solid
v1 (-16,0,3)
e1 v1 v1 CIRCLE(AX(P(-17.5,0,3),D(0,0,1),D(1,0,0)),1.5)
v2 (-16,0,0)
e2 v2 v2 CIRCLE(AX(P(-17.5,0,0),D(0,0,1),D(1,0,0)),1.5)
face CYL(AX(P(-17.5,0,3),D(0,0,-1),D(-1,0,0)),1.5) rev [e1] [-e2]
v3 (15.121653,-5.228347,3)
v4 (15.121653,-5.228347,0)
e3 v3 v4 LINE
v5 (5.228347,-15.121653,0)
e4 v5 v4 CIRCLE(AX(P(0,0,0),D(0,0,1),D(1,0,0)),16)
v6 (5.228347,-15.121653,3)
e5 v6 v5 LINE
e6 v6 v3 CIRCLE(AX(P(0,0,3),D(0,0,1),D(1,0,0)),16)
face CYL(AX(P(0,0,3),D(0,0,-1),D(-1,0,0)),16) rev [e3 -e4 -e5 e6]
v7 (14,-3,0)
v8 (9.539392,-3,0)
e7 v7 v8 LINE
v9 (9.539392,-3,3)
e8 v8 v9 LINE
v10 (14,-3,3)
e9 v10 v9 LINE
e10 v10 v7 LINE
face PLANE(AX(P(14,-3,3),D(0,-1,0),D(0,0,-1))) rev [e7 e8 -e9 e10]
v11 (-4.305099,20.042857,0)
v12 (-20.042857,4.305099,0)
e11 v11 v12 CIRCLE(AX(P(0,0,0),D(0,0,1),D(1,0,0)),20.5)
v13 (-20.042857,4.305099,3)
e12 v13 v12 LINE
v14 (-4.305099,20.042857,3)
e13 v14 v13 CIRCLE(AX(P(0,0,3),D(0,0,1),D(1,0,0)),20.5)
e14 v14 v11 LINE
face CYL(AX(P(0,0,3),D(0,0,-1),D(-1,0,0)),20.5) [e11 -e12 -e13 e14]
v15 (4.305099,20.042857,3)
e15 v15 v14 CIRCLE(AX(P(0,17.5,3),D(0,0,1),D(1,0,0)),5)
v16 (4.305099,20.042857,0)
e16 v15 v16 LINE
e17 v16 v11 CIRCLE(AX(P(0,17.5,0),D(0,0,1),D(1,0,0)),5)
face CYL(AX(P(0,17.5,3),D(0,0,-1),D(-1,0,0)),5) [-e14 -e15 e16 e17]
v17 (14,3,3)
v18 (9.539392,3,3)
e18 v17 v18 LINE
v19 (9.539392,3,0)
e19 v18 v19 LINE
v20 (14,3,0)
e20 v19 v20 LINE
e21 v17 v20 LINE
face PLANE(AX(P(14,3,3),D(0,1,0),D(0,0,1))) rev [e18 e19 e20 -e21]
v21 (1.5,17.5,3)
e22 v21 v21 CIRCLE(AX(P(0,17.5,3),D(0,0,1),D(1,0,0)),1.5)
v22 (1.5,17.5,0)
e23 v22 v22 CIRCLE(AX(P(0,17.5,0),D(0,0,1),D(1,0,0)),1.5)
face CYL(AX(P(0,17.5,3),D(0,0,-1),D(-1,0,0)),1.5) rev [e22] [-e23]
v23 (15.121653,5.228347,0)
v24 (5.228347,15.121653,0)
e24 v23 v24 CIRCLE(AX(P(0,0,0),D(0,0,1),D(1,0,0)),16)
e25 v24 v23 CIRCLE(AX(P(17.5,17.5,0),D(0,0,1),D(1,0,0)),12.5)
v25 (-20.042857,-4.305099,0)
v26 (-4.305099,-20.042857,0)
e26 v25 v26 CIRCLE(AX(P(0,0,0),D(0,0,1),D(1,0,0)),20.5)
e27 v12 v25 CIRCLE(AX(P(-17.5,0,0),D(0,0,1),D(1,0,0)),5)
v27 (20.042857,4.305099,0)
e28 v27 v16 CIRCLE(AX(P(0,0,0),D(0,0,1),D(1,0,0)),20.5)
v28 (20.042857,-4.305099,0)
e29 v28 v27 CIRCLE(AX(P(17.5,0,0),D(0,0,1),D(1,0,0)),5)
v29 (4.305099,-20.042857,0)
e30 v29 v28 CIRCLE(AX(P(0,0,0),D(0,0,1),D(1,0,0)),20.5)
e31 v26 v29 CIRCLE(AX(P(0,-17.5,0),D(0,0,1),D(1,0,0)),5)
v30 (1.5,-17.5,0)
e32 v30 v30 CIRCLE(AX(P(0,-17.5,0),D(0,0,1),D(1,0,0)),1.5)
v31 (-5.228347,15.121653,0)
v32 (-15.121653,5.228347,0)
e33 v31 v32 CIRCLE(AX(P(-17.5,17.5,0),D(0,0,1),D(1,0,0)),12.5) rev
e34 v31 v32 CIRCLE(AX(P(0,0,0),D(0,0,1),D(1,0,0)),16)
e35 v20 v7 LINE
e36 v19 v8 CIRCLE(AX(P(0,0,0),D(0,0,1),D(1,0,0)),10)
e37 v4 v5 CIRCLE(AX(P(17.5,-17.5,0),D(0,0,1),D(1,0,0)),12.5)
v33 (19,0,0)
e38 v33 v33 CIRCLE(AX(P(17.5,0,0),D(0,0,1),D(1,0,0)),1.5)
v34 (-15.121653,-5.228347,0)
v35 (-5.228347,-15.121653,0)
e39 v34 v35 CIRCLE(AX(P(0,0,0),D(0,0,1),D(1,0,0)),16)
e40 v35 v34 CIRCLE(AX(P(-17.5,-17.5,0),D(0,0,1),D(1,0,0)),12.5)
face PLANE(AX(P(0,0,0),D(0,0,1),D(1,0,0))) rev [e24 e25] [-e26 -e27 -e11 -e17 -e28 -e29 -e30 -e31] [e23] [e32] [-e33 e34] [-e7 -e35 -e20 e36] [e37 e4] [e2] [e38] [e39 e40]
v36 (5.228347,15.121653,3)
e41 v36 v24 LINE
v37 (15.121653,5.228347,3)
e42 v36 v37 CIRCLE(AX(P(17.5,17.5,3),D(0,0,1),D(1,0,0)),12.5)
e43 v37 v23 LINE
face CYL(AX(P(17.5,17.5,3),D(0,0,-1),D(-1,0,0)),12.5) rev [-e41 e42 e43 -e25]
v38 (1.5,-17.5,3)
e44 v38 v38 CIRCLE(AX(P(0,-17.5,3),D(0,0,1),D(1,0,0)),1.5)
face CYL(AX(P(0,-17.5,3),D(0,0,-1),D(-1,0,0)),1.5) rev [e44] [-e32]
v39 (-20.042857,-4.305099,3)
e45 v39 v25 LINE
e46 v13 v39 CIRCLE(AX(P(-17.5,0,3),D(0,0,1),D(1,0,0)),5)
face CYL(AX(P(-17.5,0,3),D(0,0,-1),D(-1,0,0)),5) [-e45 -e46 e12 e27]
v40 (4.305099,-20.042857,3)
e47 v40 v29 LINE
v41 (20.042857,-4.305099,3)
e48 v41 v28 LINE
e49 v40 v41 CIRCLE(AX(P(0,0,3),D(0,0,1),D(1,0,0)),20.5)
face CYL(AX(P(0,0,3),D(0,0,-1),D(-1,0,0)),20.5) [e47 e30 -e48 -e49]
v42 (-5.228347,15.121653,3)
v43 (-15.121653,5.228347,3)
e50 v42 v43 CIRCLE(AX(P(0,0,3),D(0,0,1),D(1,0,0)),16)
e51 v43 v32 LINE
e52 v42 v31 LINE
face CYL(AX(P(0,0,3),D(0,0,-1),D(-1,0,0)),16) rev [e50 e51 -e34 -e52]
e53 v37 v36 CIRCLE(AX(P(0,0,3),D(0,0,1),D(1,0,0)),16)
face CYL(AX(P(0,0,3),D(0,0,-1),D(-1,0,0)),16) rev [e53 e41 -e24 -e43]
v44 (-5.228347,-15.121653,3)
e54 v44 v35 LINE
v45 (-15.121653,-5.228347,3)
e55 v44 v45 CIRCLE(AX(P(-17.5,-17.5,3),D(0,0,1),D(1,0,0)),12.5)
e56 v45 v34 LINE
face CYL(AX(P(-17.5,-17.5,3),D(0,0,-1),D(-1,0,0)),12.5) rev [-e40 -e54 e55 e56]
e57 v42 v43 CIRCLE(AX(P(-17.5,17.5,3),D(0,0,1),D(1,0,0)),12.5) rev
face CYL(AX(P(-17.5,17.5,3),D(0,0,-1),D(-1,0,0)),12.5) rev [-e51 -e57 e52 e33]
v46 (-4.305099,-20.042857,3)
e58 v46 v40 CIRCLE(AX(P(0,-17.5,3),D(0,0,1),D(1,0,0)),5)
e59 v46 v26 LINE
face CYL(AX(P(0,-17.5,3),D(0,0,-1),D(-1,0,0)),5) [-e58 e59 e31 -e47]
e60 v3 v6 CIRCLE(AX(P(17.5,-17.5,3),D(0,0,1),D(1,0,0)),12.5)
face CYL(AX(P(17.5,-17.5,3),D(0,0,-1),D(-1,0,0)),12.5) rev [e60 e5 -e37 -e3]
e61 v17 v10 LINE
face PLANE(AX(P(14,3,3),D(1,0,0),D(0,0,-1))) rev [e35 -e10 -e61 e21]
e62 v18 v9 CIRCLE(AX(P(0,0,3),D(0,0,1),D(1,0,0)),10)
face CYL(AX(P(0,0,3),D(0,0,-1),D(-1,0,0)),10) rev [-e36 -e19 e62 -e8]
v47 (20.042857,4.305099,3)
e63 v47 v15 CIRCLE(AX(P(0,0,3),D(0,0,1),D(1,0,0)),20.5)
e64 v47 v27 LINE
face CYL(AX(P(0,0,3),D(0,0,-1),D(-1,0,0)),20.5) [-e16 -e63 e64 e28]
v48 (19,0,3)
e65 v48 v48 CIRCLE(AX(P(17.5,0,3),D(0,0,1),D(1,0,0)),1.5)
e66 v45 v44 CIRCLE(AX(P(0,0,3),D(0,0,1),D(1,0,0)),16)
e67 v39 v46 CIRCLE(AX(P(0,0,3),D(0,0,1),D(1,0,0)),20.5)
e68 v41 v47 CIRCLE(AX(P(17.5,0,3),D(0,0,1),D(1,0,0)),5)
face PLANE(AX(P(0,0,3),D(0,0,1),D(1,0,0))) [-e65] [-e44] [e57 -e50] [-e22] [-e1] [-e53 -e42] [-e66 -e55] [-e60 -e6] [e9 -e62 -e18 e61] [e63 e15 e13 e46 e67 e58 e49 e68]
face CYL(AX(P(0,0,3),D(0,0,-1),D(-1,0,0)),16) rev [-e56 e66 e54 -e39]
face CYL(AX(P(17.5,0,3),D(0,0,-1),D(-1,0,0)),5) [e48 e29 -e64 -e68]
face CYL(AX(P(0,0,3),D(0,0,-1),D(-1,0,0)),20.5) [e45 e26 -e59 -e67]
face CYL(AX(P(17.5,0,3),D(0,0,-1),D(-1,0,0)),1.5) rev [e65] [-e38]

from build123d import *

# Parameters (mm, degrees)
CROQUIS2_R              = 1.5
CROQUIS2_R_2            = 10
SALIENTE_EXTRUIR2_DEPTH = 3
CROQUIS4_W              = 8
CROQUIS4_H              = 6
CORTAR_EXTRUIR1_DEPTH   = 32.960913629


with BuildPart() as part:
    # Croquis2 → Saliente-Extruir2 (new body)
    with BuildSketch(Plane.XY):
        with BuildLine():
            ThreePointArc((-4.305099018, -20.042857143), (0, -22.5), (4.305099018, -20.042857143))
            ThreePointArc((4.305099018, -20.042857143), (14.495689014, -14.495689014), (20.042857143, -4.305099018))
            ThreePointArc((20.042857143, -4.305099018), (22.5, 0), (20.042857143, 4.305099018))
            ThreePointArc((20.042857143, 4.305099018), (14.495689014, 14.495689014), (4.305099018, 20.042857143))
            ThreePointArc((4.305099018, 20.042857143), (0, 22.5), (-4.305099018, 20.042857143))
            ThreePointArc((-4.305099018, 20.042857143), (-14.495689014, 14.495689014), (-20.042857143, 4.305099018))
            ThreePointArc((-20.042857143, 4.305099018), (-22.5, 0), (-20.042857143, -4.305099018))
            ThreePointArc((-20.042857143, -4.305099018), (-14.495689014, -14.495689014), (-4.305099018, -20.042857143))
        make_face()
        with BuildLine():
            ThreePointArc((-15.121652909, -5.228347091), (-8.661165235, -8.661165235), (-5.228347091, -15.121652909))
            ThreePointArc((-5.228347091, -15.121652909), (-11.313708499, -11.313708499), (-15.121652909, -5.228347091))
        make_face(mode=Mode.SUBTRACT)
        with Locations((0, -17.5)):
            Circle(CROQUIS2_R, mode=Mode.SUBTRACT)
        with BuildLine():
            ThreePointArc((15.121652909, -5.228347091), (11.313708499, -11.313708499), (5.228347091, -15.121652909))
            ThreePointArc((5.228347091, -15.121652909), (8.661165235, -8.661165235), (15.121652909, -5.228347091))
        make_face(mode=Mode.SUBTRACT)
        with Locations((-17.5, 0)):
            Circle(CROQUIS2_R, mode=Mode.SUBTRACT)
        with BuildLine():
            ThreePointArc((-15.121652909, 5.228347091), (-11.313708499, 11.313708499), (-5.228347091, 15.121652909))
            ThreePointArc((-5.228347091, 15.121652909), (-8.661165235, 8.661165235), (-15.121652909, 5.228347091))
        make_face(mode=Mode.SUBTRACT)
        Circle(CROQUIS2_R_2, mode=Mode.SUBTRACT)
        with Locations((17.5, 0)):
            Circle(CROQUIS2_R, mode=Mode.SUBTRACT)
        with Locations((0, 17.5)):
            Circle(CROQUIS2_R, mode=Mode.SUBTRACT)
        with BuildLine():
            ThreePointArc((5.228347091, 15.121652909), (11.313708499, 11.313708499), (15.121652909, 5.228347091))
            ThreePointArc((15.121652909, 5.228347091), (8.661165235, 8.661165235), (5.228347091, 15.121652909))
        make_face(mode=Mode.SUBTRACT)
    extrude(amount=SALIENTE_EXTRUIR2_DEPTH)

    # Croquis4 → Cortar-Extruir1 (cut, through all)
    with BuildSketch(Plane(origin=(0, 0, 0), x_dir=(-1, 0, 0), z_dir=(0, 0, -1))):
        with Locations((-10, 0)):
            Rectangle(CROQUIS4_W, CROQUIS4_H)
    extrude(amount=-CORTAR_EXTRUIR1_DEPTH, mode=Mode.SUBTRACT)


solid = part.part
